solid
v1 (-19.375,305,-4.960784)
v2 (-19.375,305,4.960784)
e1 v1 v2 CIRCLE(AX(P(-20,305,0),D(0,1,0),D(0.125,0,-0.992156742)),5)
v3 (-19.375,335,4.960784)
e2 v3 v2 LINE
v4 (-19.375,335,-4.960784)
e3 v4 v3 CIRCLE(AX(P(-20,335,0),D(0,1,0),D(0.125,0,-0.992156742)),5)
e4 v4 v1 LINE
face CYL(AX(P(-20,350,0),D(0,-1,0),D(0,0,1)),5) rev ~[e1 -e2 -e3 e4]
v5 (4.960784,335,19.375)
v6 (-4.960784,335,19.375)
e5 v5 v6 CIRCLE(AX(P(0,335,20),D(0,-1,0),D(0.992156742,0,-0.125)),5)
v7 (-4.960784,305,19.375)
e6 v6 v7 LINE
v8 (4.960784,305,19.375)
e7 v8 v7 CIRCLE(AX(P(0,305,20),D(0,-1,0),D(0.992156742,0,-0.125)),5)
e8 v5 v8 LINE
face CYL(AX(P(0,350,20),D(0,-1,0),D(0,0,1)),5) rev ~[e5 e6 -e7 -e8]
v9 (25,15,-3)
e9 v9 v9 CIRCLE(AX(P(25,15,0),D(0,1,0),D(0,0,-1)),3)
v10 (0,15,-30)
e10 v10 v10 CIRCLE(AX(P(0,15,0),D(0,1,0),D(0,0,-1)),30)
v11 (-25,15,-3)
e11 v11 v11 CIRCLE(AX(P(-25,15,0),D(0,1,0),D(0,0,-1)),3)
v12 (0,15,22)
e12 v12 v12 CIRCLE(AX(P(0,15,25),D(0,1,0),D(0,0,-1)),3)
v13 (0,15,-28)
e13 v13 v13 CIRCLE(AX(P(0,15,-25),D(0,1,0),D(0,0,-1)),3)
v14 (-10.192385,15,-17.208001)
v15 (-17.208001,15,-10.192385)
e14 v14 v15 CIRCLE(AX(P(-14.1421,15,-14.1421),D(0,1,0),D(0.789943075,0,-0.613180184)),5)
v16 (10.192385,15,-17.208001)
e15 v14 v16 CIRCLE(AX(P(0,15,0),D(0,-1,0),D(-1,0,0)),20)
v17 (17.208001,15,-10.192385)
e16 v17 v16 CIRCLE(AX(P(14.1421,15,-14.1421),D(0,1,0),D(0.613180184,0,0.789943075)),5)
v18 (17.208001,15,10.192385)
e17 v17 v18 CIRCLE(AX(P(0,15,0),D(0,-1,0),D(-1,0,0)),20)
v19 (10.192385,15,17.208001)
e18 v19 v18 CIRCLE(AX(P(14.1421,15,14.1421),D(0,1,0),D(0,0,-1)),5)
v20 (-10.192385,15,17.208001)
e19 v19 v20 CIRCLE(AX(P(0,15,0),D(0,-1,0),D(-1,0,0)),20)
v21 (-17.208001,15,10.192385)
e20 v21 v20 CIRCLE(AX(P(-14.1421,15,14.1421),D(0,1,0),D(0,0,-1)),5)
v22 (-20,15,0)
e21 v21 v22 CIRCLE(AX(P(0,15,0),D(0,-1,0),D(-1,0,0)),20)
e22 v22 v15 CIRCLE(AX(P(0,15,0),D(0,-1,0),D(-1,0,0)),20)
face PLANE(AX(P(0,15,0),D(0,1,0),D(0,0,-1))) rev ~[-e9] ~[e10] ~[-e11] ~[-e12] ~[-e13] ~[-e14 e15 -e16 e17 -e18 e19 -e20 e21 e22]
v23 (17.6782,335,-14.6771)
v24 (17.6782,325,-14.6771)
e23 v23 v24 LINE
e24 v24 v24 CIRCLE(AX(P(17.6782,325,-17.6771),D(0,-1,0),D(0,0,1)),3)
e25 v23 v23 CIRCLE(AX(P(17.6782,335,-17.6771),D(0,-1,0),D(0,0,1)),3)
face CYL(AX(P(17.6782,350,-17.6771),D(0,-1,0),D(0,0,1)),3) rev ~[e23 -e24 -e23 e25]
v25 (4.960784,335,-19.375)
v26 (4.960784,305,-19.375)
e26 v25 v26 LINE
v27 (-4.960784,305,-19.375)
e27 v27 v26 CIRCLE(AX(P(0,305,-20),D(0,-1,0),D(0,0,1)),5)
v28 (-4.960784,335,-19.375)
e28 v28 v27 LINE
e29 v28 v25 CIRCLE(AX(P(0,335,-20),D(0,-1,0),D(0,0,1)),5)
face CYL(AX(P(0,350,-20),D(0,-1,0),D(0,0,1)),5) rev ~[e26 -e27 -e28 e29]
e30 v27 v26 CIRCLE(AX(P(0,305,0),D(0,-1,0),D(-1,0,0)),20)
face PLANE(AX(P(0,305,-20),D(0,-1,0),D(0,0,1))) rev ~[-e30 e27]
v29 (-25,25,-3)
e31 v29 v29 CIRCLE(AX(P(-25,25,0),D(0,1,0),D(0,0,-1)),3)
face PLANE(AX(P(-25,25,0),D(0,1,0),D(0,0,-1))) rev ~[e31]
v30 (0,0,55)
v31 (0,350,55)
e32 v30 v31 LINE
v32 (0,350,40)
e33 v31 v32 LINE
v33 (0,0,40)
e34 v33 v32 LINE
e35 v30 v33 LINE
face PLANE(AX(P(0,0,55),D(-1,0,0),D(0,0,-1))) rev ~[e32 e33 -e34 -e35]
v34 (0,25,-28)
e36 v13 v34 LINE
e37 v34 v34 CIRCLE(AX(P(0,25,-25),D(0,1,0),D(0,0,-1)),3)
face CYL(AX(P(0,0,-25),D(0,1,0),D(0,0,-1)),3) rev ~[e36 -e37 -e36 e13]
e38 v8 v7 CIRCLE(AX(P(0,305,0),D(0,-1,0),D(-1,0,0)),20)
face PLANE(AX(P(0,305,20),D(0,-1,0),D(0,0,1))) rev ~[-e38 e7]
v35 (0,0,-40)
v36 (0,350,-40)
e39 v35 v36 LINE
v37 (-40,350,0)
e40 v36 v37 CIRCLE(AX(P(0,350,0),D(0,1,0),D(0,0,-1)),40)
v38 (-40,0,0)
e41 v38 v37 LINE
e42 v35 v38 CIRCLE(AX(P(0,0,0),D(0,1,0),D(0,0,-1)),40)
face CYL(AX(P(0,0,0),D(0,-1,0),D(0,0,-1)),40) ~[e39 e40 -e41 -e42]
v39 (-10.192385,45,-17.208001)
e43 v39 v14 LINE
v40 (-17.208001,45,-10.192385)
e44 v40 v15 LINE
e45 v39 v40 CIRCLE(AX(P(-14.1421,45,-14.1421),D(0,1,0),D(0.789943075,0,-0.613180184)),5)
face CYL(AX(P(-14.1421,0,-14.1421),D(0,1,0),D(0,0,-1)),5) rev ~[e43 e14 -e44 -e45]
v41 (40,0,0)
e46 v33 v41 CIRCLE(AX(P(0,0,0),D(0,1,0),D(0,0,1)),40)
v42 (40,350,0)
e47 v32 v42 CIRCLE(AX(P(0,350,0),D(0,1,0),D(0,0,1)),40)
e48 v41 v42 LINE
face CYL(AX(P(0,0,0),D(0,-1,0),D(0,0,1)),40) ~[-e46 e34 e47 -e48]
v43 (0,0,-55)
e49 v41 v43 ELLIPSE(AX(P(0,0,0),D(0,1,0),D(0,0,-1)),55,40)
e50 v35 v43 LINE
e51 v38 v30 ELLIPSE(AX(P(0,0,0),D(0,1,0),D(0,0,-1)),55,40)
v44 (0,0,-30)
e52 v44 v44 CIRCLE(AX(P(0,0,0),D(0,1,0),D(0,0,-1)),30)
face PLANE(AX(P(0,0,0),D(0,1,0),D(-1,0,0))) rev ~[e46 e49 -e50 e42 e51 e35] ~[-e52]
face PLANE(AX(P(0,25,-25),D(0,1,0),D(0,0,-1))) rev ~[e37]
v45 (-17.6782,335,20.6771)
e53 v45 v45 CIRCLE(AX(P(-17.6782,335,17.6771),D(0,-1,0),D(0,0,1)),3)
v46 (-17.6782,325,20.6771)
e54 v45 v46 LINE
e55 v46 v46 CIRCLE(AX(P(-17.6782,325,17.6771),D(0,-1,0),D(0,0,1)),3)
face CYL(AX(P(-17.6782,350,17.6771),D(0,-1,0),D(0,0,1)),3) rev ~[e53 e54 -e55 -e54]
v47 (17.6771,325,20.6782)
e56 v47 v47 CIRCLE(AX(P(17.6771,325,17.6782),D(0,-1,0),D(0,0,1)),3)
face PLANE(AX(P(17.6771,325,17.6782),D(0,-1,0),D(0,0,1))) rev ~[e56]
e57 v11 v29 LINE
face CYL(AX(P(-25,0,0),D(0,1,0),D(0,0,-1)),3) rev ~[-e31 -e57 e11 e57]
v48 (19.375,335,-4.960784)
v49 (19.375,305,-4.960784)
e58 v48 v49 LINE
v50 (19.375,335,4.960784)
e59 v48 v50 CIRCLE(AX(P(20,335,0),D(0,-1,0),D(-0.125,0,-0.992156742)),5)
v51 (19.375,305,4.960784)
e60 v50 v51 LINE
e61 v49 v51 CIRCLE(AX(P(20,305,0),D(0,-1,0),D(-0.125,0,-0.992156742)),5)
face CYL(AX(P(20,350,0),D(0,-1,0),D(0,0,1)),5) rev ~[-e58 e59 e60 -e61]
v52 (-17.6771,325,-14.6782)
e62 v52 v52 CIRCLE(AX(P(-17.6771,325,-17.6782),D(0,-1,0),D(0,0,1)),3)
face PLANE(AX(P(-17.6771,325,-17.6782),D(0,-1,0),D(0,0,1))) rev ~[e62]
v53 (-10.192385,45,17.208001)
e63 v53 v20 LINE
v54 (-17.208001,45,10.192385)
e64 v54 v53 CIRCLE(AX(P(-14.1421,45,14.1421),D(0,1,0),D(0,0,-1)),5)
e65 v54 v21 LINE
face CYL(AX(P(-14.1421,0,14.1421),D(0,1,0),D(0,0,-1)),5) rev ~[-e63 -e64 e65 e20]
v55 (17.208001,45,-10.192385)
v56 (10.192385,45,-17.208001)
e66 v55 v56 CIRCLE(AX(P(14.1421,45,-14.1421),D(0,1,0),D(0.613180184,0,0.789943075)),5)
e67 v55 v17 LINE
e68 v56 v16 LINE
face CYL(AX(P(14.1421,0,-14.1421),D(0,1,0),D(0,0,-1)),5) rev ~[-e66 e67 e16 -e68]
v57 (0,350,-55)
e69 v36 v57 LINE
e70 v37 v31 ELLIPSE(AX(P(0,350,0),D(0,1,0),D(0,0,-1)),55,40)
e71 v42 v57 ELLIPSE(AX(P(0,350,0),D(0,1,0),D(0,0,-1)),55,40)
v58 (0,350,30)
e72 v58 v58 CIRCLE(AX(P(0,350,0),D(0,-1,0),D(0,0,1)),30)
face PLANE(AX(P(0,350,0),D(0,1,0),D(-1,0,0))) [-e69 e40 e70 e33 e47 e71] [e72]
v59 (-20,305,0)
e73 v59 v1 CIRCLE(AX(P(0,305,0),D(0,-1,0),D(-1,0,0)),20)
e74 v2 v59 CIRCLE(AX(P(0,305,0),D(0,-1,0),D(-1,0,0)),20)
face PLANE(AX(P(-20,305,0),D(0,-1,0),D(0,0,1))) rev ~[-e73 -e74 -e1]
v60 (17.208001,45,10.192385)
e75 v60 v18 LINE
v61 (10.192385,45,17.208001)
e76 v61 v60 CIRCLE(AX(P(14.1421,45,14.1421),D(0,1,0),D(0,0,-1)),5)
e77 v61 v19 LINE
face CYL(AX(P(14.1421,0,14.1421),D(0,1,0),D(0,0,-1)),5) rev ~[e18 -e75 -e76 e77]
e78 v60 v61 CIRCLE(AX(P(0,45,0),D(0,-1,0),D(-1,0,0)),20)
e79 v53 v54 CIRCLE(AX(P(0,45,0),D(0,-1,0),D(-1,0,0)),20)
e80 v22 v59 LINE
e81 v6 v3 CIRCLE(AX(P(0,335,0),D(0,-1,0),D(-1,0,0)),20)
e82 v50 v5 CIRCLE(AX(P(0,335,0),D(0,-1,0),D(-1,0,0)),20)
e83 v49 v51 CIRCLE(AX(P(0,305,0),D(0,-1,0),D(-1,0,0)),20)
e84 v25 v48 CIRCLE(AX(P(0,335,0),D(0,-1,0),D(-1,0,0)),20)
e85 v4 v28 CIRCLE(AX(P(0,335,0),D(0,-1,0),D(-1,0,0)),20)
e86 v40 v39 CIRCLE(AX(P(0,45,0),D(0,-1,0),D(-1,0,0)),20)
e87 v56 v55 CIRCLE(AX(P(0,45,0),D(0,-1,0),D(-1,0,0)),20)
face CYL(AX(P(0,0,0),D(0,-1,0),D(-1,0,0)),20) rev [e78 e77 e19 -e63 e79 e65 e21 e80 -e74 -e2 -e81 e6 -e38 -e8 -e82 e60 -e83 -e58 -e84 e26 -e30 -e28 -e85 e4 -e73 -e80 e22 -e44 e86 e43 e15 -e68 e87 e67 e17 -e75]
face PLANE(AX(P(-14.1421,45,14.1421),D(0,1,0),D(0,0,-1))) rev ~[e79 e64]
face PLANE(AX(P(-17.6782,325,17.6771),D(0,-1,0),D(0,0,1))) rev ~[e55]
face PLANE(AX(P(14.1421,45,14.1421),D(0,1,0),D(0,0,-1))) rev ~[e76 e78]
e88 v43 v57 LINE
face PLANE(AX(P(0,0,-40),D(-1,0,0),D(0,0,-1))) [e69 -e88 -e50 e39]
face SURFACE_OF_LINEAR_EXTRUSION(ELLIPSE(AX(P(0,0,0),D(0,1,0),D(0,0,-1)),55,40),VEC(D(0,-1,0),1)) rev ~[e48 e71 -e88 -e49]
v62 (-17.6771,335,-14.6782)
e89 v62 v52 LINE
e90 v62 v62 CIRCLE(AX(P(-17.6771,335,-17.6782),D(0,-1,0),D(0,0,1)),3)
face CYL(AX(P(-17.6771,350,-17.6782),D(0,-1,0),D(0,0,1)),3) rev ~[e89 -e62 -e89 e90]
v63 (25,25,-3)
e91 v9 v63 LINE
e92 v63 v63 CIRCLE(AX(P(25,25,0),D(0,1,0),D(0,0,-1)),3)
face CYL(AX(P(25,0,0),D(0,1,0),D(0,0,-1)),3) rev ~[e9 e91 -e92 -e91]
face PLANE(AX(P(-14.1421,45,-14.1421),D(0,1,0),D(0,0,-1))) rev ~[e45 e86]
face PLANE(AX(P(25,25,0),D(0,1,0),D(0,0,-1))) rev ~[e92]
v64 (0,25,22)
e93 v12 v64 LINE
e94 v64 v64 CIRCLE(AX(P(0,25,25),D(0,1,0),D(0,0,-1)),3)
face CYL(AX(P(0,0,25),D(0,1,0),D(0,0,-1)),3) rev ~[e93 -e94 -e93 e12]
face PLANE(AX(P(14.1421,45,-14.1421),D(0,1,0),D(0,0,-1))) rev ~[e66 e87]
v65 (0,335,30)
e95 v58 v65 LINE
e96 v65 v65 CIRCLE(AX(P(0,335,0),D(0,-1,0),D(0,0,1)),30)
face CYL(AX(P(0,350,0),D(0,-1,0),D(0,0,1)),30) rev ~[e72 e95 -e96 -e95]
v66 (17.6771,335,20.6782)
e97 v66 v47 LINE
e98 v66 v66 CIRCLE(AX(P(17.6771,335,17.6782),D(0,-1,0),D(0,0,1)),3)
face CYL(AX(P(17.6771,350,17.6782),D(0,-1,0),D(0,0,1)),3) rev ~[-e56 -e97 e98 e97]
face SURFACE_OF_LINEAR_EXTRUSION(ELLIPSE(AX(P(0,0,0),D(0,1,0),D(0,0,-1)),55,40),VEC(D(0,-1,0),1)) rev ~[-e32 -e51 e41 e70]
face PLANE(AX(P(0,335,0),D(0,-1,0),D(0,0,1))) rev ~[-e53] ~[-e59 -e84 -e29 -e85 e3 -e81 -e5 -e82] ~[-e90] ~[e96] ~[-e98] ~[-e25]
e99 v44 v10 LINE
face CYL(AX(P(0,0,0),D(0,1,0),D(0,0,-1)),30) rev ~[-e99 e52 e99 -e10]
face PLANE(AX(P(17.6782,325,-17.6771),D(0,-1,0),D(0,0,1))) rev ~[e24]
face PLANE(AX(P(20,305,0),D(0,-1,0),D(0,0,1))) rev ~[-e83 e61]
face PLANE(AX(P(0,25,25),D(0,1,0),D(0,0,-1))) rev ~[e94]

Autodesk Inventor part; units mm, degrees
ref_plane "YZ Plane" through (0, 0, 0) normal (1, 0, 0) x (0, 1, 0)
ref_plane "XZ Plane" through (0, 0, 0) normal (0, 1, 0) x (-1, 0, 0)
ref_plane "XY Plane" through (0, 0, 0) normal (0, 0, 1) x (1, 0, 0)
sketch "Эскиз1" plane through (0, 0, 0) normal (0, 1, 0) x (-1, 0, 0)
  circle A0 centre (0, 0) radius 20
  ellipse E0 centre (0, 0) end of major axis (0, -55) minor radius 40 (40, 0) -> (0, 55) ccw
  ellipse E1 centre (0, 0) end of major axis (0, -55) minor radius 40 (-40, 0) -> (0, -55) ccw
  arc A1 (0, -40) -> (40, 0) centre (0, 0) ccw
  arc A2 (0, 40) -> (-40, 0) centre (0, 0) ccw
  line L0 (0, 55) -> (0, 40)
  line L1 (0, -40) -> (0, -55)
  line L2 (0, -40) -> (0, -55)
  line L3 (0, 40) -> (0, 55)
  dimension "d0" = 40
  dimension "d2" = 55
  dimension "d3" = 55
extrude "Выдавливание1" add sketch "Эскиз1" along normal blind 350
sketch "Эскиз2" plane through (0, 350, 0) normal (0, 1, 0) x (1, 0, 0)
  point P0 (0, 0)
hole "Отверстие1" at (0, 350, 0) direction (0, -1, 0) diameter 60 depth 15
sketch "Эскиз3" plane through (0, 350, 0) normal (0, 1, 0) x (1, 0, 0)
  line L0 (0, 0) -> (-20, 0)
  circle A0 centre (0, 0) radius 20 projected
  line L1 (0, 0) -> (0, 20)
  line L2 (0, 0) -> (0, -20)
  line L3 (0, 0) -> (20, 0)
hole "Отверстие2" at (-20, 350, 0) at (0, 350, -20) at (20, 350, 0) at (0, 350, 20) direction (0, -1, 0) diameter 10 depth 45
sketch "Эскиз4" plane through (0, 0, 0) normal (0, -1, 0) x (1, 0, 0)
  circle A0 centre (0, 0) radius 30
hole "Отверстие3" at (0, 0, 0) direction (0, 1, 0) diameter 60 depth 15
sketch "Эскиз5" plane through (0, 0, 0) normal (0, -1, 0) x (1, 0, 0)
  line L0 (0, 0) -> (-14.1421, -14.1421)
  line L1 (0, 0) -> (20, 0) construction
  line L2 (0, 0) -> (-14.1421, 14.1421)
  arc A0 (-4.9608, 19.375) -> (-19.375, 4.9608) centre (0, 0) ccw projected
  line L3 (0, 0) -> (14.1421, 14.1421)
  line L4 (0, 0) -> (14.1421, -14.1421)
  dimension "d27" = 20
  dimension "d28" = 135
hole "Отверстие4" at (14.1421, 0, -14.1421) at (-14.1421, 0, 14.1421) at (14.1421, 0, 14.1421) at (-14.1421, 0, -14.1421) direction (0, 1, 0) diameter 10 depth 45
sketch "Эскиз6" plane through (0, 0, 0) normal (0, -1, 0) x (1, 0, 0)
  line L0 (0, 0) -> (0, 25)
  arc A0 (4.9608, 19.375) -> (-4.9608, 19.375) centre (0, 20) ccw projected
  line L1 (0, 0) -> (-25, 0)
  arc A1 (-19.375, 4.9608) -> (-19.375, -4.9608) centre (-20, 0) ccw projected
  line L2 (0, 0) -> (0, -25)
  arc A2 (-4.9608, -19.375) -> (4.9608, -19.375) centre (0, -20) ccw projected
  line L3 (0, 0) -> (25, 0)
  arc A3 (19.375, -4.9608) -> (19.375, 4.9608) centre (20, 0) ccw projected
hole "Отверстие5" at (0, 0, -25) at (-25, 0, 0) at (0, 0, 25) at (25, 0, 0) direction (0, 1, 0) diameter 6 depth 25
sketch "Эскиз7" plane through (0, 350, 0) normal (0, 1, 0) x (1, 0, 0)
  line L0 (0, 0) -> (-17.6771, 17.6782)
  arc A0 (-10.1924, 17.208) -> (-17.208, 10.1924) centre (-14.1421, 14.1421) ccw projected
  line L1 (0, 0) -> (-17.6782, -17.6771)
  arc A1 (-17.208, -10.1924) -> (-10.1924, -17.208) centre (-14.1421, -14.1421) ccw projected
  line L2 (0, 0) -> (17.6771, -17.6782)
  arc A2 (10.1924, -17.208) -> (17.208, -10.1924) centre (14.1421, -14.1421) ccw projected
  line L3 (0, 0) -> (17.6782, 17.6771)
  arc A3 (17.208, 10.1924) -> (10.1924, 17.208) centre (14.1421, 14.1421) ccw projected
hole "Отверстие6" at (-17.6782, 350, 17.6771) at (-17.6771, 350, -17.6782) at (17.6782, 350, -17.6771) at (17.6771, 350, 17.6782) direction (0, -1, 0) diameter 6 depth 25
properties part number "Барабан" material "Сталь, литейная"
